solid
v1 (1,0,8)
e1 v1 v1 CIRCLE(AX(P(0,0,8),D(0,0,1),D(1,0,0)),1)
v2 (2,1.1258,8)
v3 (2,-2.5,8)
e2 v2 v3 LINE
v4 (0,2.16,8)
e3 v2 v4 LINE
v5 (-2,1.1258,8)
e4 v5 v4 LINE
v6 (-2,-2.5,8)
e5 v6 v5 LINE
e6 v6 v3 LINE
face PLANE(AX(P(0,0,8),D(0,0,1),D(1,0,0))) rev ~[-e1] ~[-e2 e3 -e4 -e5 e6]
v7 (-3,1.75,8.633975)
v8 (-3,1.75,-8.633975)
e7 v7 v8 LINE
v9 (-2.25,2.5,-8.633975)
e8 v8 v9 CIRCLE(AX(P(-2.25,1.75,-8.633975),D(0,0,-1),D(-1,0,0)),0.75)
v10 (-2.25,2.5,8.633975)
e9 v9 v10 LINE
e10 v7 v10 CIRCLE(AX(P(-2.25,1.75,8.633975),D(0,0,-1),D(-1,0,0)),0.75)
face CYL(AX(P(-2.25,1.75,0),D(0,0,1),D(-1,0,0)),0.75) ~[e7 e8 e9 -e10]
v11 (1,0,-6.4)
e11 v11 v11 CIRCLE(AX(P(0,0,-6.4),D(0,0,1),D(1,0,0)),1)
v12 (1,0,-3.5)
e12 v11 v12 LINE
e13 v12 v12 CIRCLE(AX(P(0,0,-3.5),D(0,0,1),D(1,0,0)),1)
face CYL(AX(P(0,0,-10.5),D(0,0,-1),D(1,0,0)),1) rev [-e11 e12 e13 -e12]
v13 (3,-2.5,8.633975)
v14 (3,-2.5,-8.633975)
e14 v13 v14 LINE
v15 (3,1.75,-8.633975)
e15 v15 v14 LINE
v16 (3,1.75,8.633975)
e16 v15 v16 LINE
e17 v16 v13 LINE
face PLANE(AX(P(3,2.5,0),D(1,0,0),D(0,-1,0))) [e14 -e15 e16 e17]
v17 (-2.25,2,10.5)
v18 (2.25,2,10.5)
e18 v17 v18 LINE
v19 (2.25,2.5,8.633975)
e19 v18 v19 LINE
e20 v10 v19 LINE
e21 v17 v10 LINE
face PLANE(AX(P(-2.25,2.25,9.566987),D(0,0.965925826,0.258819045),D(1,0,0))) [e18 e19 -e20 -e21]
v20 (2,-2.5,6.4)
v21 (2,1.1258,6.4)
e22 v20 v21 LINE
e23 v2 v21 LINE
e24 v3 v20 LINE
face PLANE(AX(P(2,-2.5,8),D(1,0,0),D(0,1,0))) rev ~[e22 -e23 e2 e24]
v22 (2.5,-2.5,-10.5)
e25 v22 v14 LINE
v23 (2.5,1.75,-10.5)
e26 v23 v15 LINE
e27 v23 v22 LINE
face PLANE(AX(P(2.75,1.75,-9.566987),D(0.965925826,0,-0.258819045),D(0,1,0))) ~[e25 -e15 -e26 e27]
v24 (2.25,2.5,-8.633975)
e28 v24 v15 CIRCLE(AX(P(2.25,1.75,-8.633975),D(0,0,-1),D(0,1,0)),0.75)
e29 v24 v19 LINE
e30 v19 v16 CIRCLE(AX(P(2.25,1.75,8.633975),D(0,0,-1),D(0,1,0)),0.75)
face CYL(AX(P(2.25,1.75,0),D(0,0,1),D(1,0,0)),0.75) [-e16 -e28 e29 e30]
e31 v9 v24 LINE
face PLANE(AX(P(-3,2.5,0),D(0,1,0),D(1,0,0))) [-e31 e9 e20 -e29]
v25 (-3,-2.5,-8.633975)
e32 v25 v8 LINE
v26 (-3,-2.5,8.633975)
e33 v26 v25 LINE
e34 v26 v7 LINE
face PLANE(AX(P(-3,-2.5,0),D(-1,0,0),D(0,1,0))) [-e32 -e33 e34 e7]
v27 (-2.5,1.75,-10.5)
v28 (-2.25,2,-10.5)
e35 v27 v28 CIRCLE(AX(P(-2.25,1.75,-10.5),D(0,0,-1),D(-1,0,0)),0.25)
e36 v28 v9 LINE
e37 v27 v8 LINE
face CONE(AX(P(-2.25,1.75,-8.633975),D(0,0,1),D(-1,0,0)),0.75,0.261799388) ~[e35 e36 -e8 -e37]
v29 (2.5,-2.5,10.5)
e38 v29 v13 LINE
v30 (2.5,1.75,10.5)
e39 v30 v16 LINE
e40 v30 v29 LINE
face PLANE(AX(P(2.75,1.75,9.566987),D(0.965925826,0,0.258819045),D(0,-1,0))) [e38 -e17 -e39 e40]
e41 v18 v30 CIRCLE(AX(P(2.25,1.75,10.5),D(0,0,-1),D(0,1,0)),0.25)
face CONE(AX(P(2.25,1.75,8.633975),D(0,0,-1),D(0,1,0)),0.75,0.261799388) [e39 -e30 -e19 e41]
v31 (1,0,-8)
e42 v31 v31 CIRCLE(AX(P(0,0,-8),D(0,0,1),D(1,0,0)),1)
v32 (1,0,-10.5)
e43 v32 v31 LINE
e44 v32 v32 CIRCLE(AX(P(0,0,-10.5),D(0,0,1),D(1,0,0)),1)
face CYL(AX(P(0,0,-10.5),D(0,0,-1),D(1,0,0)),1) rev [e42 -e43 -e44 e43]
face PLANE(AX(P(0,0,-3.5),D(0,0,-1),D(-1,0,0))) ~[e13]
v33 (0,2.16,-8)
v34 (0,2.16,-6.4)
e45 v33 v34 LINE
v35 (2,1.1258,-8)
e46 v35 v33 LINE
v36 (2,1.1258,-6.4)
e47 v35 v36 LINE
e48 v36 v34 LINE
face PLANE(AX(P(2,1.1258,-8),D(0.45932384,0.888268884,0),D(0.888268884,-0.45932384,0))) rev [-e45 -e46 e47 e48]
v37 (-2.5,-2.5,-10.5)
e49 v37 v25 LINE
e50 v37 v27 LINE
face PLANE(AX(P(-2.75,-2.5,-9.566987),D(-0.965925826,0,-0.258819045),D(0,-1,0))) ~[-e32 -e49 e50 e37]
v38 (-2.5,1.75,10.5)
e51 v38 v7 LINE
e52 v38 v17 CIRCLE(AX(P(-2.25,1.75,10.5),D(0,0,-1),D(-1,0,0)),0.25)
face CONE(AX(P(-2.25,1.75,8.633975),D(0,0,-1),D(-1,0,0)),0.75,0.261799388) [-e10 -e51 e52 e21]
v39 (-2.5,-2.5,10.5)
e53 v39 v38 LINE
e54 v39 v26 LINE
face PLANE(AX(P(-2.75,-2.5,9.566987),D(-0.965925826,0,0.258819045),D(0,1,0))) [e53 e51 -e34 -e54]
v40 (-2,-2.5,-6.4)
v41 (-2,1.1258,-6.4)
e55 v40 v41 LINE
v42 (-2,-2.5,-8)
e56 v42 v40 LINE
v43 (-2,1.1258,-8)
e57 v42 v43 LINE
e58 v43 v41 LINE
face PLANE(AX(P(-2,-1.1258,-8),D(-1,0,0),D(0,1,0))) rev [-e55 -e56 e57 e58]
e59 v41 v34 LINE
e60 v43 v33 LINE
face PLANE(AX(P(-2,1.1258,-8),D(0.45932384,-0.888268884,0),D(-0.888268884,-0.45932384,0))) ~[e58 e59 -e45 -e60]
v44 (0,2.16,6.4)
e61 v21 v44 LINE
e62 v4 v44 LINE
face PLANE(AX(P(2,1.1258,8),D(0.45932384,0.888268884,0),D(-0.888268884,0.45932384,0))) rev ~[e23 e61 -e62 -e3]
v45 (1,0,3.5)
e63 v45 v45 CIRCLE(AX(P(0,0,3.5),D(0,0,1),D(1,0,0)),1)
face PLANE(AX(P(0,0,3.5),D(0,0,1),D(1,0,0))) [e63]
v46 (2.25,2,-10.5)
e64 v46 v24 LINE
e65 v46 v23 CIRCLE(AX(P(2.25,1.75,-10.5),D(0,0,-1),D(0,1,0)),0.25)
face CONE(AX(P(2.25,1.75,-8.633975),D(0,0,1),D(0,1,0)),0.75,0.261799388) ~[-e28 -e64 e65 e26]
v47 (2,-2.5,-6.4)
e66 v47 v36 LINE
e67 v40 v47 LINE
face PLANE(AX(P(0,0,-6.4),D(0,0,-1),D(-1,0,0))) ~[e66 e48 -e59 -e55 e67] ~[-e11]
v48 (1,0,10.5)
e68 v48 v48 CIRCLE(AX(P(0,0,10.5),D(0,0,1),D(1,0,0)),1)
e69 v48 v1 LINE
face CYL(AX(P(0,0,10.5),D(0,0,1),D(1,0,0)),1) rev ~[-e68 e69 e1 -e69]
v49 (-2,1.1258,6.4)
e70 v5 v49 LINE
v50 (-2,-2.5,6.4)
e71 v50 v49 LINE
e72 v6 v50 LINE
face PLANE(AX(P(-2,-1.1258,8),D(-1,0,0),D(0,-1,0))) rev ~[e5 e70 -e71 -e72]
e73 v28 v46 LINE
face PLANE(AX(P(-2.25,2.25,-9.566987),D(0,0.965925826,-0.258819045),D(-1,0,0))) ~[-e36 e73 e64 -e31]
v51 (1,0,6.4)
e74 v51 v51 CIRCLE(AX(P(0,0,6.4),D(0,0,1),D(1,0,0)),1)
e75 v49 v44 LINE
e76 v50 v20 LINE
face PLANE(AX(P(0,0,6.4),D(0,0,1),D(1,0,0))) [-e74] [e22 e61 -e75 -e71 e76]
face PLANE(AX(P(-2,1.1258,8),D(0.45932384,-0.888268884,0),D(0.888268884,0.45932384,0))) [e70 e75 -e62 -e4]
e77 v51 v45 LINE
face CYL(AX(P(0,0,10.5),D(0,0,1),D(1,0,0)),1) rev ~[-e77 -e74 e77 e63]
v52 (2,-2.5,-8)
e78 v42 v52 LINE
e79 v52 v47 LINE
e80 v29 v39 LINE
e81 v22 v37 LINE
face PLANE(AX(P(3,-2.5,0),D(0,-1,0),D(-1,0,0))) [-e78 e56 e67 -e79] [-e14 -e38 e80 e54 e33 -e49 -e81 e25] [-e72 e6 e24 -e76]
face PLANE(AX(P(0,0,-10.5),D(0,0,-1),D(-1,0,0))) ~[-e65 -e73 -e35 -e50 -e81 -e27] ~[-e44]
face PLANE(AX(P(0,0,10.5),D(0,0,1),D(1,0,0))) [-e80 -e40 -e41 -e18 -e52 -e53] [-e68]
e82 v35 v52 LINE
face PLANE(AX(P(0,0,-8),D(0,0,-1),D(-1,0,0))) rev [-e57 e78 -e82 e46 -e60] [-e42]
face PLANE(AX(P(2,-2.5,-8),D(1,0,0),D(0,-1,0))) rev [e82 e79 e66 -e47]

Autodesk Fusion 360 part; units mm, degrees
sketch "Sketch1" plane through (0, 0, 0) normal (0, 0, 1) x (1, 0, 0)
  line L0 (3, -2.5) -> (-3, -2.5)
  line L1 (-3, -2.5) -> (-3, 2.5)
  line L2 (-3, 2.5) -> (3, 2.5)
  line L3 (3, 2.5) -> (3, -2.5)
  line L4 (3, -2.5) -> (-3, 2.5) construction
  line L5 (-3, -2.5) -> (3, 2.5) construction
  dimension "dWidth" = 6
  dimension "d2" = 5
extrude "Extrude1" add sketch "Sketch1" along normal blind 10.5
sketch "Sketch2" plane through (0, 0, 10.5) normal (0, 0, 1) x (1, 0, 0)
  line L0 (3, 2.5) -> (-3, 2.5)
  line L1 (-3, 2.5) -> (-3, -2.5)
  line L2 (-3, -2.5) -> (3, -2.5)
  line L3 (3, -2.5) -> (3, 2.5)
  circle A0 centre (0, 0) radius 1
  dimension "d5" = 2
extrude "Extrude2" cut sketch "Sketch2" against normal blind 7 contours A0
ref_plane "WorkPlane1" through (0, 0, 8) normal (0, 0, 1) x (1, 0, 0)
sketch "Sketch3" plane through (0, 0, 8) normal (0, 0, 1) x (1, 0, 0)
  line L0 (2, -2.16) -> (-2, -2.16) construction
  line L1 (-2, -2.16) -> (-2, 2.16) construction
  line L2 (-2, 2.16) -> (2, 2.16) construction
  line L3 (2, 2.16) -> (2, -2.16) construction
  line L4 (2, -2.16) -> (-2, 2.16) construction
  line L5 (-2, -2.16) -> (2, 2.16) construction
  line L6 (-2, 0) -> (2, 0) construction
  line L7 (2, 1.1258) -> (2, -1.1258)
  line L8 (-2, 1.1258) -> (-2, -1.1258)
  line L9 (0, 2.16) -> (0, -2.16) construction
  line L10 (-2, 1.1258) -> (0, 2.16)
  line L11 (2, 1.1258) -> (0, 2.16)
  line L12 (-2, -1.1258) -> (0, -2.16) construction
  line L13 (0, -2.16) -> (2, -1.1258) construction
  line L14 (-2, -1.1258) -> (-2, -2.5)
  line L15 (-2, -2.5) -> (2, -2.5)
  line L16 (2, -2.5) -> (2, -1.1258)
  line L17 (3, -2.5) -> (-3, -2.5)
  dimension "d9" = 4
  dimension "d10" = 4.32
extrude "Extrude3" cut sketch "Sketch3" against normal blind 1.6
fillet "Fillet1" radius 0.75 2 edges at (-3, 2.5, 5.25) (3, 2.5, 5.25)
chamfer "Chamfer2" distance 0.5 angle 75 2 edges at (3, -0.375, 10.5) (-3, -0.375, 10.5) measured on face at (-2.3296, -0.2997, 10.5) measured on face at (-2.3296, -0.2997, 10.5) tangent chain off
mirror "Mirror2" about plane through (0, 0, 0) normal (0, 0, 1) of bodies 1 merged
properties part number "Configuration 2"
